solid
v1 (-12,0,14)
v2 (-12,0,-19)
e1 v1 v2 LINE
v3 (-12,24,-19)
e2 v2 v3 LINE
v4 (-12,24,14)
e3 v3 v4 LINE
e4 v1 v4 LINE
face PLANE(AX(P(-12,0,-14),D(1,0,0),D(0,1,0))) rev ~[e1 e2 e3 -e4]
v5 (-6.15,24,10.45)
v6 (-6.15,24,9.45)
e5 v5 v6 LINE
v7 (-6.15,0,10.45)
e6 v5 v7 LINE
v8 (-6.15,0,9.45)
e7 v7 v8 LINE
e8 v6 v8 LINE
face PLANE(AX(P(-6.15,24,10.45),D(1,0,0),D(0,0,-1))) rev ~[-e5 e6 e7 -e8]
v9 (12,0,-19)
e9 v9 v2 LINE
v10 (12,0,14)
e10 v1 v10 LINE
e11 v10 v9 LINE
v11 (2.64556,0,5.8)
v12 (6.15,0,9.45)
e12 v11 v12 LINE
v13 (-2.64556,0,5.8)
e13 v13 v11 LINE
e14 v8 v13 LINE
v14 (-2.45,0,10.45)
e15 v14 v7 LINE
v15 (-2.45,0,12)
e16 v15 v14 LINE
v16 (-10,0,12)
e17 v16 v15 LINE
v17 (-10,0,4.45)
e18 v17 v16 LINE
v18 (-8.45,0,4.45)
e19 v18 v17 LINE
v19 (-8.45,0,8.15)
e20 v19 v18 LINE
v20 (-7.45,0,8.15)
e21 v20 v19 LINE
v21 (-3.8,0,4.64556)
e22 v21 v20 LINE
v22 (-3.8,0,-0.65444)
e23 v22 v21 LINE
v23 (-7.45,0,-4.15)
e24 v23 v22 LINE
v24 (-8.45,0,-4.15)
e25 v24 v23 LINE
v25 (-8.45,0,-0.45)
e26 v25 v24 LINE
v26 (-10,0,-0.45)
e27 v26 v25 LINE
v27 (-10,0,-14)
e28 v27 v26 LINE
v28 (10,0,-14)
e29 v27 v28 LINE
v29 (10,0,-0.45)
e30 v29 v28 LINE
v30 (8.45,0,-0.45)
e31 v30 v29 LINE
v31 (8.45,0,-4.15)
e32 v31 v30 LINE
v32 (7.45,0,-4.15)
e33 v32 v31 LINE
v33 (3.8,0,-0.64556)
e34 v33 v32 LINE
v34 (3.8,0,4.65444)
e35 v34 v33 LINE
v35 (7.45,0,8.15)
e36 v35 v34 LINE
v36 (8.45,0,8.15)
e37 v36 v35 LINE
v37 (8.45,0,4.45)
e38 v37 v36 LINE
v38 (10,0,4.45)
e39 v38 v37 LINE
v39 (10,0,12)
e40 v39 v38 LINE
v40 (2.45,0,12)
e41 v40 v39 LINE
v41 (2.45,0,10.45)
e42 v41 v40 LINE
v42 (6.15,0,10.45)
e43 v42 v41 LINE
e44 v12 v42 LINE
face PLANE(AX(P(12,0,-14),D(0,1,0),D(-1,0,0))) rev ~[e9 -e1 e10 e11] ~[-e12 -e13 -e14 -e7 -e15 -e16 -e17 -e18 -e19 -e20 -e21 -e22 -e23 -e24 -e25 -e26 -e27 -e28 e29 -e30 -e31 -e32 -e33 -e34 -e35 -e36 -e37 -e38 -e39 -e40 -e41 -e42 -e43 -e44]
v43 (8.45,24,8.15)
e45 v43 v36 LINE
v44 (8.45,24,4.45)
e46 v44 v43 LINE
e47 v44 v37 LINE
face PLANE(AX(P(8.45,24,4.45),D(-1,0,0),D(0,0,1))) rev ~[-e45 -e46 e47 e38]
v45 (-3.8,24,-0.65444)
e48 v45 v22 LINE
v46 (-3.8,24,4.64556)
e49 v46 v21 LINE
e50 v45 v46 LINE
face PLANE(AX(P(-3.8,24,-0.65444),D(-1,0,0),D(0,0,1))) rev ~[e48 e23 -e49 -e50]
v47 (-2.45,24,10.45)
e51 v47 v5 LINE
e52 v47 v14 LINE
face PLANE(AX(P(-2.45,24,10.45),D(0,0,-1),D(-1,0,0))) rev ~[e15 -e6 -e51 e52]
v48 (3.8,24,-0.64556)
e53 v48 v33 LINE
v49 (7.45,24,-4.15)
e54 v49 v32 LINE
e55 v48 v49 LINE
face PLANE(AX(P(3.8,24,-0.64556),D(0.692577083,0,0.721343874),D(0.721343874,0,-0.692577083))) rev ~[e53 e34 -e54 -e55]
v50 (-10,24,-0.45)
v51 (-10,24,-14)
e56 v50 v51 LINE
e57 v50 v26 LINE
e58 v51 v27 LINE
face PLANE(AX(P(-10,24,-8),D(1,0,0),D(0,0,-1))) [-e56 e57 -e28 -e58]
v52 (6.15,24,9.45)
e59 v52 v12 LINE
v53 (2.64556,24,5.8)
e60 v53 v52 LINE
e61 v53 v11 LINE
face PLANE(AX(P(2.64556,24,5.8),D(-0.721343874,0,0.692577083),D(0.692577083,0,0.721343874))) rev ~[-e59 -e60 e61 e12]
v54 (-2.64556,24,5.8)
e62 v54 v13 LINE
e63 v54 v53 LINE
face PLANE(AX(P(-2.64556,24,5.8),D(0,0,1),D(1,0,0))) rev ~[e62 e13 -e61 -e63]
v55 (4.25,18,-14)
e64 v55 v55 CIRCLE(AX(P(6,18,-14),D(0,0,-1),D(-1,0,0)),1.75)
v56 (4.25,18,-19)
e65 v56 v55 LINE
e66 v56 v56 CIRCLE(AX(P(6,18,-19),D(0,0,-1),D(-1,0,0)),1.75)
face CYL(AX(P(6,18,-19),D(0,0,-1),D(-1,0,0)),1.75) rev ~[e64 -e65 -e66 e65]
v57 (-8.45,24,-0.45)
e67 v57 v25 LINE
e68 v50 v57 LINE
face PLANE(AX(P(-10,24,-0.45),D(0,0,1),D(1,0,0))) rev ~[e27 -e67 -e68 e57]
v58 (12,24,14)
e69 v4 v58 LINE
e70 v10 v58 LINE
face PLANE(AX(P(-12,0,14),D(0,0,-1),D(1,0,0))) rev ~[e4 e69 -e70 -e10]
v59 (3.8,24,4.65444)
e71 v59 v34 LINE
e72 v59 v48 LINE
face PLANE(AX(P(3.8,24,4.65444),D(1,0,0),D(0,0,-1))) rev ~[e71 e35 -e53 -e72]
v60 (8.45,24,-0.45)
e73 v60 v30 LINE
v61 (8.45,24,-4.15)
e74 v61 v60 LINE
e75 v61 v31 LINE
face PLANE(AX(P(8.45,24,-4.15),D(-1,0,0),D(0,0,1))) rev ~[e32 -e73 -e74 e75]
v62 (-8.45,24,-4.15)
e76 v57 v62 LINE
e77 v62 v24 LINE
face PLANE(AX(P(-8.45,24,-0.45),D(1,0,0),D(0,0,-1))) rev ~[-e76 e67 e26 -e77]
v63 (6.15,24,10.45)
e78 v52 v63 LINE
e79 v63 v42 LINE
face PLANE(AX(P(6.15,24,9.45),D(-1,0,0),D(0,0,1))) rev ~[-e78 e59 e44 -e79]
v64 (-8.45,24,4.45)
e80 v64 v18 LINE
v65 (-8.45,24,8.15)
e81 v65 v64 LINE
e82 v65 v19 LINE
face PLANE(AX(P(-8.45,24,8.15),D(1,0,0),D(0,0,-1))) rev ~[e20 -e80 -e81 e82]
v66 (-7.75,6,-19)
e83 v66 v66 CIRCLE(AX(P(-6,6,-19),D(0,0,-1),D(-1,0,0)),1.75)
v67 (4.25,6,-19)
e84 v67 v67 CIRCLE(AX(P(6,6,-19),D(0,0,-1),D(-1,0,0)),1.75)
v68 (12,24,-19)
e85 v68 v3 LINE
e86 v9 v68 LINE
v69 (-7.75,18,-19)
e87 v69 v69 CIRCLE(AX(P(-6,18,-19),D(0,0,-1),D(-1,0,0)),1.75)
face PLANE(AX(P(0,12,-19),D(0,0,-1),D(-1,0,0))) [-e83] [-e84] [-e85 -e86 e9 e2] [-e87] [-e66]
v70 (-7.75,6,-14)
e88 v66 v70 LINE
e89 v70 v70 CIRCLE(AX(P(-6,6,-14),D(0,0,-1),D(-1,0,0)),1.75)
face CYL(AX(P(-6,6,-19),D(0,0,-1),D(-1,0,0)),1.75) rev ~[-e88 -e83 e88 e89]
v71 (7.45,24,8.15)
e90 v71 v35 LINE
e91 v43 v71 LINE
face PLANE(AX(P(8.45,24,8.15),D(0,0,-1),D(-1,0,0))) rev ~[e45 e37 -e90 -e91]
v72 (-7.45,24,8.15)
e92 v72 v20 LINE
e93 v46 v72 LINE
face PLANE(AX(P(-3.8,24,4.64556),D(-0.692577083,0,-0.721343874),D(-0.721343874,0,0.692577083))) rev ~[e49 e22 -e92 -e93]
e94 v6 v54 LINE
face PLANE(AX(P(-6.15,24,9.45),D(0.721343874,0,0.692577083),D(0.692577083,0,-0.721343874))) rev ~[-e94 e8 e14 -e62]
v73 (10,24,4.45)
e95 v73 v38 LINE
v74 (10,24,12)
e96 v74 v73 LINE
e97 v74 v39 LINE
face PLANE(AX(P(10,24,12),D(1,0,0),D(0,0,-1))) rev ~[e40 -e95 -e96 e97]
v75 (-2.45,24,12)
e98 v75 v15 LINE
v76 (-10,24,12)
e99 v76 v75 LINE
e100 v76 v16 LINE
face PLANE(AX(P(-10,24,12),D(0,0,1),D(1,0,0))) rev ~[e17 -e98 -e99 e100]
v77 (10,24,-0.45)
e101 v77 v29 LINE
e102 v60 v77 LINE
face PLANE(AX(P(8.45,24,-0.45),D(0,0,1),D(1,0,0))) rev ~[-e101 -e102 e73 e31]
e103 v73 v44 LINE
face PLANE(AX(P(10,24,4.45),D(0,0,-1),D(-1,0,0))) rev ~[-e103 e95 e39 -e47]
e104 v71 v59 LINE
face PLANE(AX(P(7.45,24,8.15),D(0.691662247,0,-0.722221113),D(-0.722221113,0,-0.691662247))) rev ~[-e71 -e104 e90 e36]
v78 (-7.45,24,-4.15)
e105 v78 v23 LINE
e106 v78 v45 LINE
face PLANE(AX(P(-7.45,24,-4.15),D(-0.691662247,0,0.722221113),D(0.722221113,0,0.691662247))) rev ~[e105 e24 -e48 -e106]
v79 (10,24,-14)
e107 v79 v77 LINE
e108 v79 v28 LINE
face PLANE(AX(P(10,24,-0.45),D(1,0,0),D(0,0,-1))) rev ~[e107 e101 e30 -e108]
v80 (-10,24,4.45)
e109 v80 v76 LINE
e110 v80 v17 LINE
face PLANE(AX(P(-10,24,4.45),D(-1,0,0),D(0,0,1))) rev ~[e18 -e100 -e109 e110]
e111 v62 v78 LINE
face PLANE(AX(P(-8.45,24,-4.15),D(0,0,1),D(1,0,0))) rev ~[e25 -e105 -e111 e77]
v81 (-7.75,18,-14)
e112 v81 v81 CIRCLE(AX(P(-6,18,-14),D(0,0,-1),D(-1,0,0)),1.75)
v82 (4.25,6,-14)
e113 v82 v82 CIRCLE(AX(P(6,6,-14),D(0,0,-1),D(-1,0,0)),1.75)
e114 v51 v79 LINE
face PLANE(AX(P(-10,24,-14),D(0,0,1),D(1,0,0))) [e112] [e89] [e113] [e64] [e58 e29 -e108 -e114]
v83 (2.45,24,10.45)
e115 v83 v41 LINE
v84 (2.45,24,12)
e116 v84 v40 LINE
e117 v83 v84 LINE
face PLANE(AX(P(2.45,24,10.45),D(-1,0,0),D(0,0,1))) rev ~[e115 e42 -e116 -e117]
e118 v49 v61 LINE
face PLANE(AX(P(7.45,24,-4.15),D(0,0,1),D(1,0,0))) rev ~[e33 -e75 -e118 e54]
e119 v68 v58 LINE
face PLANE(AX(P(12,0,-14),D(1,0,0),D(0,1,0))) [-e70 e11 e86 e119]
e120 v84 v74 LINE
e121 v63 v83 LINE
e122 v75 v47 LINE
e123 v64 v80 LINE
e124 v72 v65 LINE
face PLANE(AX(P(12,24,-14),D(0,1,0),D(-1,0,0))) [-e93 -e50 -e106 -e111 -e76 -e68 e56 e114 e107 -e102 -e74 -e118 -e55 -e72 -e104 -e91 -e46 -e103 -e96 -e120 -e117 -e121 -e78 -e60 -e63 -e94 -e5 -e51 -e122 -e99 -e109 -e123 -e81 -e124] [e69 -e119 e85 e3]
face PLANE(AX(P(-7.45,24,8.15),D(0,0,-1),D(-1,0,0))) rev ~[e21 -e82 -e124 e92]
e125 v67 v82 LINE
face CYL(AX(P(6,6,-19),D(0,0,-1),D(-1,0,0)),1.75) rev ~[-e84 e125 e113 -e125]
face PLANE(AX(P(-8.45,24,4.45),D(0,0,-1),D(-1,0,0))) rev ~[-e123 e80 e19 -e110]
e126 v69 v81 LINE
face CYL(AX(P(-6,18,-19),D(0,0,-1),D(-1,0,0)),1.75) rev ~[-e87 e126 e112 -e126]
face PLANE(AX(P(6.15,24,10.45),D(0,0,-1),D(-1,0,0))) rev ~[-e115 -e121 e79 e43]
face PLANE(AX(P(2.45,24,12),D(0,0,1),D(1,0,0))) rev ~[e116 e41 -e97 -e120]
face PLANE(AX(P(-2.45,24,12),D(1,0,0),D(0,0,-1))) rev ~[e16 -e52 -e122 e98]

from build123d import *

# Parameters (mm, degrees)
ESQUISSE1_W             = 24
ESQUISSE1_H             = 28
BOSS_EXTRU_1_DEPTH      = 24
ENL_V_MAT_EXTRU_1_DEPTH = 24
ESQUISSE5_W             = 24
ESQUISSE5_H             = 24
BOSS_EXTRU_2_DEPTH      = 5
ENL_V_MAT_EXTRU_6_DEPTH = 24
ESQUISSE7_R             = 1.75
ENL_V_MAT_EXTRU_8_DEPTH = 5


with BuildPart() as part:
    # Esquisse1 → Boss.-Extru.1 (new body)
    with BuildSketch(Plane(origin=(0, 0, 0), x_dir=(1, 0, 0), z_dir=(0, 1, 0))):
        Rectangle(ESQUISSE1_W, ESQUISSE1_H)
    extrude(amount=BOSS_EXTRU_1_DEPTH)

    # Esquisse3 → Enlèv. mat.-Extru.1 (cut)
    with BuildSketch(Plane(origin=(0, 24, 0), x_dir=(1, 0, 0), z_dir=(0, 1, 0))):
        Polygon((-10, -12), (-2.45, -12), (-2.45, -10.45), (-6.15, -10.45), (-6.15, -9.45), (-2.645559959, -5.8), (2.645559959, -5.8), (6.15, -9.45), (6.15, -10.45), (2.45, -10.45), (2.45, -12), (10, -12), (10, -4.45), (8.45, -4.45), (8.45, -8.15), (7.45, -8.15), (3.8, -4.654440041), (3.8, 0.645559959), (7.45, 4.15), (8.45, 4.15), (8.45, 0.45), (10, 0.45), (10, 8), (2.45, 8), (2.45, 6.45), (6.15, 6.45), (6.15, 5.45), (2.645559959, 1.8), (-2.645559959, 1.8), (-6.15, 5.45), (-6.15, 6.45), (-2.45, 6.45), (-2.45, 8), (-10, 8), (-10, 0.45), (-8.45, 0.45), (-8.45, 4.15), (-7.45, 4.15), (-3.8, 0.654440041), (-3.8, -4.645559959), (-7.45, -8.15), (-8.45, -8.15), (-8.45, -4.45), (-10, -4.45), align=None)
    extrude(amount=-ENL_V_MAT_EXTRU_1_DEPTH, mode=Mode.SUBTRACT)

    # Esquisse5 → Boss.-Extru.2 (add)
    with BuildSketch(Plane(origin=(0, 0, -14), x_dir=(-1, 0, 0), z_dir=(0, 0, -1))):
        with Locations((0, 12)):
            Rectangle(ESQUISSE5_W, ESQUISSE5_H)
    extrude(amount=BOSS_EXTRU_2_DEPTH)

    # Esquisse6 → Enlèv. mat.-Extru.6 (cut)
    with BuildSketch(Plane(origin=(0, 24, 0), x_dir=(1, 0, 0), z_dir=(0, 1, 0))):
        Polygon((-10, 8), (-10, 14), (10, 14), (10, 8), (2.45, 8), (2.45, 6.45), (6.15, 6.45), (6.15, 5.45), (2.645559959, 1.8), (-2.645559959, 1.8), (-6.15, 5.45), (-6.15, 6.45), (-2.45, 6.45), (-2.45, 8), align=None)
    extrude(amount=-ENL_V_MAT_EXTRU_6_DEPTH, mode=Mode.SUBTRACT)

    # Esquisse7 → Enlèv. mat.-Extru.8 (cut)
    with BuildSketch(Plane(origin=(0, 0, -19), x_dir=(-1, 0, 0), z_dir=(0, 0, -1))):
        with Locations((-6, 18)):
            Circle(ESQUISSE7_R)
        with Locations((-6, 6)):
            Circle(ESQUISSE7_R)
        with Locations((6, 6)):
            Circle(ESQUISSE7_R)
        with Locations((6, 18)):
            Circle(ESQUISSE7_R)
    extrude(amount=-ENL_V_MAT_EXTRU_8_DEPTH, mode=Mode.SUBTRACT)


solid = part.part
